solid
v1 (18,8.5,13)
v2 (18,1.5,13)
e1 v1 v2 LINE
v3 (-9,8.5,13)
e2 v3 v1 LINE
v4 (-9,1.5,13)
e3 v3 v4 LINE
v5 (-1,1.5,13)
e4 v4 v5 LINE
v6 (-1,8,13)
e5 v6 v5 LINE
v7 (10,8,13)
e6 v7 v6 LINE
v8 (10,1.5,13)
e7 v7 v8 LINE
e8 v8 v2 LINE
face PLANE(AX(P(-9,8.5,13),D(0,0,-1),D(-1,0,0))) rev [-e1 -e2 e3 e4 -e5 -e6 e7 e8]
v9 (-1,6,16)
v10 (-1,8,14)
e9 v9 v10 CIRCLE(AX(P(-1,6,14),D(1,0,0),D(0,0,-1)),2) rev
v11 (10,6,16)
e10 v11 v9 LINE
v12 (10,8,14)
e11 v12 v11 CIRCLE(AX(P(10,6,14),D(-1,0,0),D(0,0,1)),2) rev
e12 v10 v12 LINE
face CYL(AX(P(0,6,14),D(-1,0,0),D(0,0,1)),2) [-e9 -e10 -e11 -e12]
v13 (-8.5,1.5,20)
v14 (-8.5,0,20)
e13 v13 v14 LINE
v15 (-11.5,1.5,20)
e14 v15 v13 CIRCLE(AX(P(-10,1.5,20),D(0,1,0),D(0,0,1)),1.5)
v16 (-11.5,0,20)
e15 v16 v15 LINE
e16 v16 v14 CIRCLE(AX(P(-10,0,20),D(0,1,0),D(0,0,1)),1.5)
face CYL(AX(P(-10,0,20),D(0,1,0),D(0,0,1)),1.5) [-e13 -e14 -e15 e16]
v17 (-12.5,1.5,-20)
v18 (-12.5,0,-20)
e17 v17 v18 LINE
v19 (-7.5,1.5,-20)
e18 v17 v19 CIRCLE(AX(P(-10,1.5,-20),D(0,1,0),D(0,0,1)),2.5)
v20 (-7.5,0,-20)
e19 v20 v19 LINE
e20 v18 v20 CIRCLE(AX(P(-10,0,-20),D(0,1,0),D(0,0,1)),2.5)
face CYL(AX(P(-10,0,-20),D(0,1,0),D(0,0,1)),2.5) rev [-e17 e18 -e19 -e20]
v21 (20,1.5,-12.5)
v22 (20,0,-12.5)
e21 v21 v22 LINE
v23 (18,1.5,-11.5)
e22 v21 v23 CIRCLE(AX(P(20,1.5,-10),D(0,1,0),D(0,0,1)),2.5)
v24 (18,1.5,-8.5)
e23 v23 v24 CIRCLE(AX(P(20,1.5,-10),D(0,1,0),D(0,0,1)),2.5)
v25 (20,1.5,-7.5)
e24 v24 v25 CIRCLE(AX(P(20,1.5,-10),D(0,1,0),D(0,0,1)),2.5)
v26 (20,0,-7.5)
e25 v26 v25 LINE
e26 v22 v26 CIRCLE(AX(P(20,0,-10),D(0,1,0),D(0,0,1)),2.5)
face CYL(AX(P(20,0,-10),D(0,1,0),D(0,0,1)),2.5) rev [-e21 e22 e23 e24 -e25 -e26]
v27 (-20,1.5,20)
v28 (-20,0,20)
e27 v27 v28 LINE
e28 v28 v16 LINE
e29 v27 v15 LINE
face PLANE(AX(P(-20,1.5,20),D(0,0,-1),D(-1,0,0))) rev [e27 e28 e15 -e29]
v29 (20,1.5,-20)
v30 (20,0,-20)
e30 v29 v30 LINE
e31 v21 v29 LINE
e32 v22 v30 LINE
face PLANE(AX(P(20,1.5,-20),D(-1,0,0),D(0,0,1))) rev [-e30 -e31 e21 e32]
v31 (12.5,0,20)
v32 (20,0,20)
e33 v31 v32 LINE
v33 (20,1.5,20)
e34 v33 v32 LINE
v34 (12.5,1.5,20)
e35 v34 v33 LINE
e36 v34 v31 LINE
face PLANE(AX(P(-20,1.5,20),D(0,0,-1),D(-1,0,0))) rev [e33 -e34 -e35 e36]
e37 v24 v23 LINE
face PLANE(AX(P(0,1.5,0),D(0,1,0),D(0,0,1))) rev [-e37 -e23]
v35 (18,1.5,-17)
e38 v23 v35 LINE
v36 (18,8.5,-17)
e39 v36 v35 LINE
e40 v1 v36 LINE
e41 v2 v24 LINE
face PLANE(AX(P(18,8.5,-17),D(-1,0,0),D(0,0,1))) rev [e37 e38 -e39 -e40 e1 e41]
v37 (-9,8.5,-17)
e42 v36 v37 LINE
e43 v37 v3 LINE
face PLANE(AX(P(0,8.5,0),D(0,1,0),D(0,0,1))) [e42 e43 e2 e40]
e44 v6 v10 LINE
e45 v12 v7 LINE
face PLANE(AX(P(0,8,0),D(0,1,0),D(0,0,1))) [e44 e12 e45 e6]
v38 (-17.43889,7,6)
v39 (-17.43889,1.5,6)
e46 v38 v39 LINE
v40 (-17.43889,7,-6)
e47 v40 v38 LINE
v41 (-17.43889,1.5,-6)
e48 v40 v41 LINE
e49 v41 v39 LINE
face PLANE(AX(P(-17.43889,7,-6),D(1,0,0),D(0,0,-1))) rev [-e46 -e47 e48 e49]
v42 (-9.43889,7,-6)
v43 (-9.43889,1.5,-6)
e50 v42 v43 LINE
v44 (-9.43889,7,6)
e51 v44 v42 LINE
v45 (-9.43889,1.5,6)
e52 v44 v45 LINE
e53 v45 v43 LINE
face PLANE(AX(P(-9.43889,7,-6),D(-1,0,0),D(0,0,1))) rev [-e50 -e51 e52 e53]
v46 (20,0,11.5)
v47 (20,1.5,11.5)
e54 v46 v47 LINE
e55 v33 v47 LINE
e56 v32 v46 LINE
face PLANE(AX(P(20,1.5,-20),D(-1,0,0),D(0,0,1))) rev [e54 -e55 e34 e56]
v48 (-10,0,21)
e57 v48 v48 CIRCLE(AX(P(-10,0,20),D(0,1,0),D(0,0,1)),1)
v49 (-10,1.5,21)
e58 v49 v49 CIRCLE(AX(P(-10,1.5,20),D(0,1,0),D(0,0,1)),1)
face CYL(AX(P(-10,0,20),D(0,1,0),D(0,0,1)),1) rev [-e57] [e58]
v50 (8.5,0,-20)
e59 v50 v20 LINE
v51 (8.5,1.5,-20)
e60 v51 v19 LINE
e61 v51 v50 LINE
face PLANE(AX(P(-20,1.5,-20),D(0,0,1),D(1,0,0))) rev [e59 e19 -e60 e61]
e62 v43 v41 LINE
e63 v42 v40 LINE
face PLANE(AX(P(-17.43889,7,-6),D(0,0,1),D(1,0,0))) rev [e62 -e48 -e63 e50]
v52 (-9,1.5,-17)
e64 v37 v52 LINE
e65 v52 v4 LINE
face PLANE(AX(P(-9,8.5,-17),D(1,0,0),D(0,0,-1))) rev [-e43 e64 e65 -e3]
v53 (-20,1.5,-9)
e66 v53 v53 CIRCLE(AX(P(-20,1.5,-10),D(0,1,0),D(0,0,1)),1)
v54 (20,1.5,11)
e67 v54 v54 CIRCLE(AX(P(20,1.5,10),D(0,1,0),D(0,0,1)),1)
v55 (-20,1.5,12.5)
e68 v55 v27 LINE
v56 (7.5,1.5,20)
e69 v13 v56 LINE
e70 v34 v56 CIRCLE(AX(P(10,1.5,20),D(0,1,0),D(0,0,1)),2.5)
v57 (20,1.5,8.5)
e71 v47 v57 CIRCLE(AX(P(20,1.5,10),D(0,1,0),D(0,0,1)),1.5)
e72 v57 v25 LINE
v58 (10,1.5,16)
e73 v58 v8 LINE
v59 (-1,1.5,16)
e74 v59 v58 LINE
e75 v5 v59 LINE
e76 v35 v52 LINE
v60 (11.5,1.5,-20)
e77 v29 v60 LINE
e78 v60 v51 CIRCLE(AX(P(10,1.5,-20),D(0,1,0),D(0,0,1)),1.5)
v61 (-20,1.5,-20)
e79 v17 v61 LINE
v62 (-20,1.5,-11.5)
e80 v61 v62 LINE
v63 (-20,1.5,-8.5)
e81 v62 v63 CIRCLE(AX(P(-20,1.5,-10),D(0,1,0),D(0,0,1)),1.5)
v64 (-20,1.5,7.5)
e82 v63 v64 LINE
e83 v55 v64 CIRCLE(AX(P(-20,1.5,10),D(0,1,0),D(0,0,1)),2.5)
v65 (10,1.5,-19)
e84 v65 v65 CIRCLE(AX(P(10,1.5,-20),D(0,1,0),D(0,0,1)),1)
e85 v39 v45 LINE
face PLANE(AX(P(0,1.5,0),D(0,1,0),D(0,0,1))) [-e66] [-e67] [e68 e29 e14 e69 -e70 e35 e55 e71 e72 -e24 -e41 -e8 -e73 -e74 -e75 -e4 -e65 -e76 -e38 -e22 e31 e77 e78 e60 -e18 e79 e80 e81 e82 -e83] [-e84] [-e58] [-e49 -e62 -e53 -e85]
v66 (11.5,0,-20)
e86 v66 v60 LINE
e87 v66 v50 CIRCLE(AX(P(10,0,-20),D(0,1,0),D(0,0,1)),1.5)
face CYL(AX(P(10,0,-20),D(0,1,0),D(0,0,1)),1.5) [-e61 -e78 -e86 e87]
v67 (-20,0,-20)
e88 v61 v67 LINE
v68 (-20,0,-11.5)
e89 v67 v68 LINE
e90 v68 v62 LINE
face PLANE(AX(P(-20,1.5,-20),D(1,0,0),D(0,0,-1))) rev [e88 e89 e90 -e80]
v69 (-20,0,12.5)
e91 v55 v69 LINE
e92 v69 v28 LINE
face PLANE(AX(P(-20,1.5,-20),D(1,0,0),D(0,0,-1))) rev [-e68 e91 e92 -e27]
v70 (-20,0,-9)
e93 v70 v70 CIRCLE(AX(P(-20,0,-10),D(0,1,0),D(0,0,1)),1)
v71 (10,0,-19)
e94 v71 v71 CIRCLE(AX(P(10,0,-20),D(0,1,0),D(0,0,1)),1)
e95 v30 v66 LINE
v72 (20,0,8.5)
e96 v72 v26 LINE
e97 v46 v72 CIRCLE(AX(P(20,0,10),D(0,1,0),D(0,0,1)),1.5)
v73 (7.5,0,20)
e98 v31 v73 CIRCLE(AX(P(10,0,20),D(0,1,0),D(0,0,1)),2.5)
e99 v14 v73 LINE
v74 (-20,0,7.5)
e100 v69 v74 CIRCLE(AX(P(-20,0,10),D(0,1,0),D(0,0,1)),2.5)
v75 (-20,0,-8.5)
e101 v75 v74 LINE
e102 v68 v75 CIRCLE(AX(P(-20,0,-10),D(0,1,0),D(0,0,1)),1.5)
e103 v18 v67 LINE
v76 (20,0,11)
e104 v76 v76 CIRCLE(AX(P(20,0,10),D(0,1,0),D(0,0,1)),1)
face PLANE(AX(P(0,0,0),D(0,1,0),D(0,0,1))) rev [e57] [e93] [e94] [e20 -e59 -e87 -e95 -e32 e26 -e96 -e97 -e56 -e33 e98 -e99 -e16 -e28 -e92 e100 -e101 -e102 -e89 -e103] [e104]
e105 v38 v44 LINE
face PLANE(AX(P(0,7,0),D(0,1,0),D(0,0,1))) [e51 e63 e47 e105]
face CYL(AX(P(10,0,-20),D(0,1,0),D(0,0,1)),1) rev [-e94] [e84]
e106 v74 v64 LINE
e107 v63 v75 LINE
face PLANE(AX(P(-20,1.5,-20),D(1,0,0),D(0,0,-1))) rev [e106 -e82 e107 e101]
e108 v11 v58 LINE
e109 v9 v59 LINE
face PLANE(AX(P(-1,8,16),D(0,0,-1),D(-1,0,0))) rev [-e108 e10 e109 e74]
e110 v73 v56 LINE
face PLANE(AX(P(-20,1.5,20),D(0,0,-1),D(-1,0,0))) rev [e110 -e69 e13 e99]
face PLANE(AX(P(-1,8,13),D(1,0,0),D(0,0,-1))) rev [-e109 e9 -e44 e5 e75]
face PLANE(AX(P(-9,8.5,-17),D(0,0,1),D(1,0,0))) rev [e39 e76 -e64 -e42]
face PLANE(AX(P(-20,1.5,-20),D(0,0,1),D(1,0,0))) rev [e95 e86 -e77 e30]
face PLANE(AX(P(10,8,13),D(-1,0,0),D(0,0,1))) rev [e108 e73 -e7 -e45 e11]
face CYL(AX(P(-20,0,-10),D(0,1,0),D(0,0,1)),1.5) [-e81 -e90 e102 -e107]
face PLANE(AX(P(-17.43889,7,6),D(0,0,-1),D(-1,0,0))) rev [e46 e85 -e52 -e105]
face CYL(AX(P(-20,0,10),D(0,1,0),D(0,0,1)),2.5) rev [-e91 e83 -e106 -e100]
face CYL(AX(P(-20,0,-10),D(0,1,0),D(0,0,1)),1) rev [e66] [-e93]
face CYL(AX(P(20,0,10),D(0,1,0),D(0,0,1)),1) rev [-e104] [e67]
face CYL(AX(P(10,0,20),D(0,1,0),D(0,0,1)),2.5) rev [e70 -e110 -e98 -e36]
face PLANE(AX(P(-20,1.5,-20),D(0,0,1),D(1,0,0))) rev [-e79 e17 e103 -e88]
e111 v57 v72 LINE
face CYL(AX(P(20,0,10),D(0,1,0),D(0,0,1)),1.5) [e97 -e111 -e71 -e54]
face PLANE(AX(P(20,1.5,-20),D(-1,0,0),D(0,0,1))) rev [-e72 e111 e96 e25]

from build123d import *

# Parameters (mm, degrees)
SKETCH1_W           = 40
SKETCH1_H           = 40
BOSS_EXTRUDE1_DEPTH = 1.5
SKETCH2_R           = 1.5
BOSS_EXTRUDE2_DEPTH = 1.5
SKETCH3_R           = 1
SKETCH3_R_2         = 2.5
CUT_EXTRUDE1_DEPTH  = 1.5
SKETCH4_W           = 8
SKETCH4_H           = 12
BOSS_EXTRUDE3_DEPTH = 5.5
SKETCH5_W           = 27
SKETCH5_H           = 30
BOSS_EXTRUDE4_DEPTH = 7
SKETCH6_W           = 11
SKETCH6_H           = 3
BOSS_EXTRUDE5_DEPTH = 6.5
FILLET1_R           = 2


with BuildPart() as part:
    # Sketch1 → Boss-Extrude1 (new body)
    with BuildSketch(Plane(origin=(0, 0, 0), x_dir=(1, 0, 0), z_dir=(0, 1, 0))):
        Rectangle(SKETCH1_W, SKETCH1_H)
    extrude(amount=BOSS_EXTRUDE1_DEPTH)

    # Sketch2 → Boss-Extrude2 (add)
    with BuildSketch(Plane(origin=(0, 1.5, 0), x_dir=(1, 0, 0), z_dir=(0, 1, 0))):
        with Locations((-20, 10)):
            Circle(SKETCH2_R)
        with Locations((10, 20)):
            Circle(SKETCH2_R)
        with Locations((20, -10)):
            Circle(SKETCH2_R)
        with Locations((-10, -20)):
            Circle(SKETCH2_R)
    extrude(amount=-BOSS_EXTRUDE2_DEPTH)

    # Sketch3 → Cut-Extrude1 (cut)
    with BuildSketch(Plane(origin=(0, 1.5, 0), x_dir=(1, 0, 0), z_dir=(0, 1, 0))):
        with Locations((-20, 10)):
            Circle(SKETCH3_R)
        with Locations((10, 20)):
            Circle(SKETCH3_R)
        with Locations((20, -10)):
            Circle(SKETCH3_R)
        with Locations((-10, -20)):
            Circle(SKETCH3_R)
        with Locations((-10, 20)):
            Circle(SKETCH3_R_2)
        with Locations((20, 10)):
            Circle(SKETCH3_R_2)
        with Locations((10, -20)):
            Circle(SKETCH3_R_2)
        with Locations((-20, -10)):
            Circle(SKETCH3_R_2)
    extrude(amount=-CUT_EXTRUDE1_DEPTH, mode=Mode.SUBTRACT)

    # Sketch4 → Boss-Extrude3 (add)
    with BuildSketch(Plane(origin=(0, 1.5, 0), x_dir=(1, 0, 0), z_dir=(0, 1, 0))):
        with Locations((-13.43888983, 0)):
            Rectangle(SKETCH4_W, SKETCH4_H)
    extrude(amount=BOSS_EXTRUDE3_DEPTH)

    # Sketch5 → Boss-Extrude4 (add)
    with BuildSketch(Plane(origin=(0, 1.5, 0), x_dir=(1, 0, 0), z_dir=(0, 1, 0))):
        with Locations((4.5, 2)):
            Rectangle(SKETCH5_W, SKETCH5_H)
    extrude(amount=BOSS_EXTRUDE4_DEPTH)

    # Sketch6 → Boss-Extrude5 (add)
    with BuildSketch(Plane(origin=(0, 1.5, 0), x_dir=(1, 0, 0), z_dir=(0, 1, 0))):
        with Locations((4.5, -14.5)):
            Rectangle(SKETCH6_W, SKETCH6_H)
    extrude(amount=BOSS_EXTRUDE5_DEPTH)

    # Fillet1
    fillet1_edges = [part.edges().sort_by_distance(p)[0] for p in [
        (4.5, 8, 16),
    ]]
    fillet(fillet1_edges, radius=FILLET1_R)


solid = part.part
